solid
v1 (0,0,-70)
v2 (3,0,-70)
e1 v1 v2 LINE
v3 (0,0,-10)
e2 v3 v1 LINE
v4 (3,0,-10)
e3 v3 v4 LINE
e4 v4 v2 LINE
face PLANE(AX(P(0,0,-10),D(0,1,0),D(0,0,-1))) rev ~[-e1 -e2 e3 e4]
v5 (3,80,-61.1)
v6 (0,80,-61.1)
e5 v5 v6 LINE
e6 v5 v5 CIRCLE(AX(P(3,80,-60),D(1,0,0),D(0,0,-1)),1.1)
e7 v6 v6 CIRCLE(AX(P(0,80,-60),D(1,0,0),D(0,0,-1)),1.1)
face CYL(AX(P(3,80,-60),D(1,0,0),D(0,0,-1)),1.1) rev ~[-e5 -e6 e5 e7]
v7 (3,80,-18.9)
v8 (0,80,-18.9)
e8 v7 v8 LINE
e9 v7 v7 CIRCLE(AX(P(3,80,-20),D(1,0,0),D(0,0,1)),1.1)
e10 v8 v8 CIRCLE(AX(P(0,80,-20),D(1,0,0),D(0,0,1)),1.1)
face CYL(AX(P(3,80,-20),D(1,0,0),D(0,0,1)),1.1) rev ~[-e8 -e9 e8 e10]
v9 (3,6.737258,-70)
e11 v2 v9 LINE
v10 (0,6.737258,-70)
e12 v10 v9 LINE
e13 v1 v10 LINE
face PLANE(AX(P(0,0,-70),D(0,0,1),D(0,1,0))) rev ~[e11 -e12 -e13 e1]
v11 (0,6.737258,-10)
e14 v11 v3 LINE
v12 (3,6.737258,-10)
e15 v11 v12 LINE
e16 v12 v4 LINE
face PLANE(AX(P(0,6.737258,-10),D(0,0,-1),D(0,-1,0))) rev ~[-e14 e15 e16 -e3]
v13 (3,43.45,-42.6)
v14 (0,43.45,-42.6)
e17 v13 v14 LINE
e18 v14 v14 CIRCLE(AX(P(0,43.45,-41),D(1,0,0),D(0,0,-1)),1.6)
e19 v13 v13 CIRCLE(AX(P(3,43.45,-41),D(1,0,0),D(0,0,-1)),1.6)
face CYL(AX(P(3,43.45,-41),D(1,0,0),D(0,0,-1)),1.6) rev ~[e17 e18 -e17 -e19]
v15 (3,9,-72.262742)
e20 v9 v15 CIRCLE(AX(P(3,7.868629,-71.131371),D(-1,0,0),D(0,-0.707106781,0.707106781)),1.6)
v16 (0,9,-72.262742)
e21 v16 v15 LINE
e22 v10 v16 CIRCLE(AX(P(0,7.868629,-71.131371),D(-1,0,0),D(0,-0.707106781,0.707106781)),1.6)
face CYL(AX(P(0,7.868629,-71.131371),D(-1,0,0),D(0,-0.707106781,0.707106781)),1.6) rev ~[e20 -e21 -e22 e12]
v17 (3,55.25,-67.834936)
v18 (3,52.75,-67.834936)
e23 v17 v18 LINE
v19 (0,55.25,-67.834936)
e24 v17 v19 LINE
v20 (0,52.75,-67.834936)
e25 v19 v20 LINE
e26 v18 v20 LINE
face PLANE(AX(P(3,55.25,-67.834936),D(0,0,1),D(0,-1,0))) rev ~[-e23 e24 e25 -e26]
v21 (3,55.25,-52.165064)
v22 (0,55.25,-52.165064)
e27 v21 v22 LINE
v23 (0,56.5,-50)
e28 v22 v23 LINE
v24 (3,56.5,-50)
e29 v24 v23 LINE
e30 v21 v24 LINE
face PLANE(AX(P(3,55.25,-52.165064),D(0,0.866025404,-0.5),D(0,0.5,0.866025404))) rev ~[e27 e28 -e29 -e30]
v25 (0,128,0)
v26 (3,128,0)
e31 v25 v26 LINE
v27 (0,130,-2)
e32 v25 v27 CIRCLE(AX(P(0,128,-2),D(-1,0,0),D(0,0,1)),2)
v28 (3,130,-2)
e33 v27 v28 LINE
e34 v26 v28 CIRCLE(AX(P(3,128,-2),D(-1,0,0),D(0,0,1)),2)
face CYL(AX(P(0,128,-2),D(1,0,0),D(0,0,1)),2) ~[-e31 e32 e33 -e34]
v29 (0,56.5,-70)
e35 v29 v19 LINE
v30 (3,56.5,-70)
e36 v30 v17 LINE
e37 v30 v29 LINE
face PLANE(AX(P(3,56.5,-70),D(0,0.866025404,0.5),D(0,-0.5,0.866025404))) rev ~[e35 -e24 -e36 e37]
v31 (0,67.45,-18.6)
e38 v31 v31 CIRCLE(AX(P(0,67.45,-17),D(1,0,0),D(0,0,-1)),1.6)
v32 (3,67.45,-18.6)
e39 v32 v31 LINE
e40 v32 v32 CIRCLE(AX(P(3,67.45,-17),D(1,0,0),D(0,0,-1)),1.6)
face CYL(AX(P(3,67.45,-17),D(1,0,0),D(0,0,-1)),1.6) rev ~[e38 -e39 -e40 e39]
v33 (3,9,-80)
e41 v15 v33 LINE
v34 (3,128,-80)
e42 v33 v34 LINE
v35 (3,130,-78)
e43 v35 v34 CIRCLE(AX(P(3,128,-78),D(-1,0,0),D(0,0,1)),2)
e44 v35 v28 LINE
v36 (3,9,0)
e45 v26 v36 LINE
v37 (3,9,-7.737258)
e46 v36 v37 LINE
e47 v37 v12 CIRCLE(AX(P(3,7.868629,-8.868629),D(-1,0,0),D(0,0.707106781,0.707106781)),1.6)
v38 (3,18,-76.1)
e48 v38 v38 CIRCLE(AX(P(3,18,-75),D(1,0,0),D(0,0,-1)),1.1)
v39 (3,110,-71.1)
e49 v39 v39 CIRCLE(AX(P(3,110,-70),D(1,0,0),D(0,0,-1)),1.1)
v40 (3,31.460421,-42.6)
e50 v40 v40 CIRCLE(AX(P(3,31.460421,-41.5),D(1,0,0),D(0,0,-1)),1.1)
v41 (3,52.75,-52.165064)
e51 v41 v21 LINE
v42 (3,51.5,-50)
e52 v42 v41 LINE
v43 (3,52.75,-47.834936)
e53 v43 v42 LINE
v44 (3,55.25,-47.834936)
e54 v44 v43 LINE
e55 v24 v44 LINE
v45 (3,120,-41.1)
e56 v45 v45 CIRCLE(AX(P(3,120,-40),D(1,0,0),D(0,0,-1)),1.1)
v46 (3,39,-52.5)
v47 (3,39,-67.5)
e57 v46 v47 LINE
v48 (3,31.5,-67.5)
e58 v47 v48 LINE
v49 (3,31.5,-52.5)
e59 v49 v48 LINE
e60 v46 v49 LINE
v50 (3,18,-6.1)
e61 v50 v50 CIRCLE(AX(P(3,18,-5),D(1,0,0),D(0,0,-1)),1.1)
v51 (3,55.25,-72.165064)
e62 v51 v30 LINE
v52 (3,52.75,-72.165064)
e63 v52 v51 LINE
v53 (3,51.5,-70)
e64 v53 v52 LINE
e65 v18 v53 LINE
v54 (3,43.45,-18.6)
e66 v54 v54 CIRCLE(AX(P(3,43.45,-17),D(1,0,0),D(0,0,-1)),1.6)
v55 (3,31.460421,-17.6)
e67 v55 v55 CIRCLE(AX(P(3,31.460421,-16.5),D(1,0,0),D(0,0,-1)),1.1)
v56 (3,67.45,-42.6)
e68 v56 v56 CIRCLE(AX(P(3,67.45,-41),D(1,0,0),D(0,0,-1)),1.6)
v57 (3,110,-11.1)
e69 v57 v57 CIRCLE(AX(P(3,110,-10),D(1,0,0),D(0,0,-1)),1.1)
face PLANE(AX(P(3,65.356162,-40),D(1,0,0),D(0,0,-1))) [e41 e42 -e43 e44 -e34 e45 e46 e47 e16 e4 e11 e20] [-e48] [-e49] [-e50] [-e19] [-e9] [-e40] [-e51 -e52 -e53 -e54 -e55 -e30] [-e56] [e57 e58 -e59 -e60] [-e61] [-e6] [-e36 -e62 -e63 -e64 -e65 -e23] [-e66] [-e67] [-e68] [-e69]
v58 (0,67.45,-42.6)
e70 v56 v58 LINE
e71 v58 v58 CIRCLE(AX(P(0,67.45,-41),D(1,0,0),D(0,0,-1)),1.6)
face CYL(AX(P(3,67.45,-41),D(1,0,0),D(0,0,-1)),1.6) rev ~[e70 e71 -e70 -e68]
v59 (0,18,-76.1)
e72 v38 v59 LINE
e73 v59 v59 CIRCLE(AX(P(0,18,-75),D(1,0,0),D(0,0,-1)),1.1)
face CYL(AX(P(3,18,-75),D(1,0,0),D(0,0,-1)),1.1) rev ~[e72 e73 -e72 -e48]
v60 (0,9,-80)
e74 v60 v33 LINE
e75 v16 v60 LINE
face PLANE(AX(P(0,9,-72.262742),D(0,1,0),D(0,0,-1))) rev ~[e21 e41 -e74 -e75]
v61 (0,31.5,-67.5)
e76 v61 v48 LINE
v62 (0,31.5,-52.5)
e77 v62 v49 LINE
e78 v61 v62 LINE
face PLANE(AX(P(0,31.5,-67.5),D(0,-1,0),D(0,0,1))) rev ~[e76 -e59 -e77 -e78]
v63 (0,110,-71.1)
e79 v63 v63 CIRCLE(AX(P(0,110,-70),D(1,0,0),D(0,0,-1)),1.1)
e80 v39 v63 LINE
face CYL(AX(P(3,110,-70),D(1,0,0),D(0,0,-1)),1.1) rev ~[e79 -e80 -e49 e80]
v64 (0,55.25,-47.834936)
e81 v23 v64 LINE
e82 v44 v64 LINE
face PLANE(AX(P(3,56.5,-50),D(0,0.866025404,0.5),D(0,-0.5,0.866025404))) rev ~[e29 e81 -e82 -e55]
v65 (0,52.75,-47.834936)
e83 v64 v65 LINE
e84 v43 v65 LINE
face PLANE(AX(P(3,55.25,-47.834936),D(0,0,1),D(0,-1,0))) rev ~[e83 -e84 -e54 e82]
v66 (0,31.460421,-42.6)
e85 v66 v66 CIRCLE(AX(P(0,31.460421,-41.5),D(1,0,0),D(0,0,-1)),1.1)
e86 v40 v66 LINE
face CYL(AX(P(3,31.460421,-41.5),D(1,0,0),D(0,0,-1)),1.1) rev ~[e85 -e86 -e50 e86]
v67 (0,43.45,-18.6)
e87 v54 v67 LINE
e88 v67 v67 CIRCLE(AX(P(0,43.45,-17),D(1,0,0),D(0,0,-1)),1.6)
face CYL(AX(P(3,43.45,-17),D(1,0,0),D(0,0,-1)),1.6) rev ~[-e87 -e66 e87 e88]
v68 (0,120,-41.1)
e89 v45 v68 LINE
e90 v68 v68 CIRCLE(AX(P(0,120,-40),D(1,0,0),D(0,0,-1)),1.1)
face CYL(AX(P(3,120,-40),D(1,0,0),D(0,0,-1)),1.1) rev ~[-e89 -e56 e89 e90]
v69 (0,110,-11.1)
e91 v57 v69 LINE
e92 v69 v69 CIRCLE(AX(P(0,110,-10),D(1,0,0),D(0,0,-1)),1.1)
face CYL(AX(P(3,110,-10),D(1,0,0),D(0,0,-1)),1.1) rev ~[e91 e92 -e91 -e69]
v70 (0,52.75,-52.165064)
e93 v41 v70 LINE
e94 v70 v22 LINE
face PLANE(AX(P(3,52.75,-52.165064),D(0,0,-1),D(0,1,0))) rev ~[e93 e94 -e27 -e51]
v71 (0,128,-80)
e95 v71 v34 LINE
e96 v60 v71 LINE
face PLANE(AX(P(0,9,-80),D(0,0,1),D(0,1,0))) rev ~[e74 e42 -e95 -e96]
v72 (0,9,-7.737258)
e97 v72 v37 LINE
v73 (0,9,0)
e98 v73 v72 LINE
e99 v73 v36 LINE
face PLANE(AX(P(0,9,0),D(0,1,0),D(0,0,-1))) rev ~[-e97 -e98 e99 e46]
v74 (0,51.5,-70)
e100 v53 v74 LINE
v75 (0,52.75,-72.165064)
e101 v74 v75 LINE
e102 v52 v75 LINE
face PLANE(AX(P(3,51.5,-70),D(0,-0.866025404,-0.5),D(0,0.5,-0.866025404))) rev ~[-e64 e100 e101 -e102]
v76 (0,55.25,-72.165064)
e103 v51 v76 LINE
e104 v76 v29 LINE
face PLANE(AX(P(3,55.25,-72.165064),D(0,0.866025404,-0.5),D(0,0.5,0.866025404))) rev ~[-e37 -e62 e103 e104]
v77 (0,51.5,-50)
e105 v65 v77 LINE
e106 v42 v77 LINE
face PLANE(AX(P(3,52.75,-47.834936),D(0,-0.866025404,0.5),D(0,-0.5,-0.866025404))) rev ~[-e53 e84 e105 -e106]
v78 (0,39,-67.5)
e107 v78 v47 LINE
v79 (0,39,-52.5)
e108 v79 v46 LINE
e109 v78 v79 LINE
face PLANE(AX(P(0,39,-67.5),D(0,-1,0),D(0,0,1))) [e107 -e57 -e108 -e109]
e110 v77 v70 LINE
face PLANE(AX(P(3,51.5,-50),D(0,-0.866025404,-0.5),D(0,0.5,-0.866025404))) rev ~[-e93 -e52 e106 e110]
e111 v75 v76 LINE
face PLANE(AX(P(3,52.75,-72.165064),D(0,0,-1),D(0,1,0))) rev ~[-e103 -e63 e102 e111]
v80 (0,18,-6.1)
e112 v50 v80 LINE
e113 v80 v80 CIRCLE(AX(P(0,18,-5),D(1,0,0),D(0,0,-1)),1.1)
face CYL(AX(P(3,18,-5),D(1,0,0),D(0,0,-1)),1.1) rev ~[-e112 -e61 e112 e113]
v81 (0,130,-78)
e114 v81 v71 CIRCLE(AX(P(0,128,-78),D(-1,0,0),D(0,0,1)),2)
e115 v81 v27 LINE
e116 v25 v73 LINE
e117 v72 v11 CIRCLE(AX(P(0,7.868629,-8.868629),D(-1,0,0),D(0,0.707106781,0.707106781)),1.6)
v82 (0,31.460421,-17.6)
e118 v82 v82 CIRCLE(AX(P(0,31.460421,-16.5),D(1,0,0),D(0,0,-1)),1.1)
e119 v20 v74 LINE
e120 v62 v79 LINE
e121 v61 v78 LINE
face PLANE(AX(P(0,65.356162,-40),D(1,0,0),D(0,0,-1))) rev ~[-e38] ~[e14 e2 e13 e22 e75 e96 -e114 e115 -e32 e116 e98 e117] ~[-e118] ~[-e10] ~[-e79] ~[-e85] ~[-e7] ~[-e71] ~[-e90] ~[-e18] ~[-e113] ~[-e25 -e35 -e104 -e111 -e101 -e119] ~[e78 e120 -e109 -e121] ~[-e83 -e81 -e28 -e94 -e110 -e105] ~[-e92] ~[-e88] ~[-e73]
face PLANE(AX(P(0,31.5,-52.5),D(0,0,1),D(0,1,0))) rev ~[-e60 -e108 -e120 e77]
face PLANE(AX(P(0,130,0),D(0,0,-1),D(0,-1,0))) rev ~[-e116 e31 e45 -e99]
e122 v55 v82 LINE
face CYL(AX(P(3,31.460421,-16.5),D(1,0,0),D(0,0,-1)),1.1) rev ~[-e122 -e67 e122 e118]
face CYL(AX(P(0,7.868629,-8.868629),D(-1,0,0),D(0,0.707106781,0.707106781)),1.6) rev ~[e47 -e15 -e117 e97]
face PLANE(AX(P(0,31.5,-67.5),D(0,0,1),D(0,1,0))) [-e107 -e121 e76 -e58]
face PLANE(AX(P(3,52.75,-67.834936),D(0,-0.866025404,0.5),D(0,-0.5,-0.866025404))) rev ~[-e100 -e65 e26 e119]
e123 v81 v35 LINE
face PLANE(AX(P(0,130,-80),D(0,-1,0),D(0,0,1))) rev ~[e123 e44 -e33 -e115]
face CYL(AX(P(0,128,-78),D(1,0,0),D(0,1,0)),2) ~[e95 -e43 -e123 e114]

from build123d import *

# Parameters (mm, degrees)
EXTRUSION1_DEPTH        = 3
ESQUISSE2_R             = 1.1
ESQUISSE2_R_2           = 1.6
ENL_V_MAT_EXTRU_1_DEPTH = 4
ESQUISSE3_W             = 15
ESQUISSE3_H             = 7.5
ENL_V_MAT_EXTRU_2_DEPTH = 4
ESQUISSE4_R             = 1.1
ENL_V_MAT_EXTRU_3_DEPTH = 4
ENL_V_MAT_EXTRU_4_DEPTH = 4
CONG_1_R                = 2
ESQUISSE6_R             = 1.1
ENL_V_MAT_EXTRU_5_DEPTH = 4


with BuildPart() as part:
    # Esquisse1 → Extrusion1 (new body)
    with BuildSketch(Plane(origin=(0, 0, 0), x_dir=(0, 0, -1), z_dir=(1, 0, 0))):
        with BuildLine():
            Line((10, 6.7372583), (10, 0))
            Line((10, 0), (70, 0))
            Line((70, 0), (70, 6.7372583))
            ThreePointArc((70, 6.7372583), (70, 9), (72.2627417, 9))
            Line((72.2627417, 9), (80, 9))
            Line((80, 9), (80, 130))
            Line((80, 130), (0, 130))
            Line((0, 130), (0, 9))
            Line((0, 9), (7.7372583, 9))
            ThreePointArc((7.7372583, 9), (10, 9), (10, 6.7372583))
        make_face()
    extrude(amount=EXTRUSION1_DEPTH)

    # Esquisse2 → Enlèv. mat.-Extru.1 (cut, through all)
    with BuildSketch(Plane(origin=(3, 0, 0), x_dir=(0, 0, -1), z_dir=(1, 0, 0))):
        with Locations((60, 80)):
            Circle(ESQUISSE2_R)
        with Locations((10, 110)):
            Circle(ESQUISSE2_R)
        with Locations(Location((20, 80, 0), (0, 0, 180))):  # turned: the seam where the file's is
            Circle(ESQUISSE2_R)
        with Locations((70, 110)):
            Circle(ESQUISSE2_R)
        with Locations((17, 67.45)):
            Circle(ESQUISSE2_R_2)
        with Locations((17, 43.45)):
            Circle(ESQUISSE2_R_2)
        with Locations((41, 43.45)):
            Circle(ESQUISSE2_R_2)
        with Locations((41, 67.45)):
            Circle(ESQUISSE2_R_2)
        with Locations((40, 120)):
            Circle(ESQUISSE2_R)
        with Locations((70, 54)):
            Circle(ESQUISSE2_R)
        with Locations((50, 54)):
            Circle(ESQUISSE2_R)
    extrude(amount=-ENL_V_MAT_EXTRU_1_DEPTH, mode=Mode.SUBTRACT)

    # Esquisse3 → Enlèv. mat.-Extru.2 (cut, through all)
    with BuildSketch(Plane.ZY):
        with Locations((-60, 35.25)):
            Rectangle(ESQUISSE3_W, ESQUISSE3_H)
    extrude(amount=-ENL_V_MAT_EXTRU_2_DEPTH, mode=Mode.SUBTRACT)

    # Esquisse4 → Enlèv. mat.-Extru.3 (cut, through all)
    with BuildSketch(Plane(origin=(3, 0, 0), x_dir=(0, 0, -1), z_dir=(1, 0, 0))):
        with Locations((75, 18)):
            Circle(ESQUISSE4_R)
        with Locations((5, 18)):
            Circle(ESQUISSE4_R)
    extrude(amount=-ENL_V_MAT_EXTRU_3_DEPTH, mode=Mode.SUBTRACT)

    # Esquisse5 → Enlèv. mat.-Extru.4 (cut, through all)
    with BuildSketch(Plane(origin=(3, 0, 0), x_dir=(0, 0, -1), z_dir=(1, 0, 0))):
        Polygon((50, 51.5), (52.165063509, 52.75), (52.165063509, 55.25), (50, 56.5), (47.834936491, 55.25), (47.834936491, 52.75), align=None)
        Polygon((70, 51.5), (72.165063509, 52.75), (72.165063509, 55.25), (70, 56.5), (67.834936491, 55.25), (67.834936491, 52.75), align=None)
    extrude(amount=-ENL_V_MAT_EXTRU_4_DEPTH, mode=Mode.SUBTRACT)

    # Congé1
    cong_1_edges = [part.edges().sort_by_distance(p)[0] for p in [
        (1.5, 130, 0),
        (1.5, 130, -80),
    ]]
    fillet(cong_1_edges, radius=CONG_1_R)

    # Esquisse6 → Enlèv. mat.-Extru.5 (cut, through all)
    with BuildSketch(Plane(origin=(3, 0, 0), x_dir=(0, 0, -1), z_dir=(1, 0, 0))):
        with Locations((16.5, 31.460421192)):
            Circle(ESQUISSE6_R)
        with Locations((41.5, 31.460421192)):
            Circle(ESQUISSE6_R)
    extrude(amount=-ENL_V_MAT_EXTRU_5_DEPTH, mode=Mode.SUBTRACT)


solid = part.part
